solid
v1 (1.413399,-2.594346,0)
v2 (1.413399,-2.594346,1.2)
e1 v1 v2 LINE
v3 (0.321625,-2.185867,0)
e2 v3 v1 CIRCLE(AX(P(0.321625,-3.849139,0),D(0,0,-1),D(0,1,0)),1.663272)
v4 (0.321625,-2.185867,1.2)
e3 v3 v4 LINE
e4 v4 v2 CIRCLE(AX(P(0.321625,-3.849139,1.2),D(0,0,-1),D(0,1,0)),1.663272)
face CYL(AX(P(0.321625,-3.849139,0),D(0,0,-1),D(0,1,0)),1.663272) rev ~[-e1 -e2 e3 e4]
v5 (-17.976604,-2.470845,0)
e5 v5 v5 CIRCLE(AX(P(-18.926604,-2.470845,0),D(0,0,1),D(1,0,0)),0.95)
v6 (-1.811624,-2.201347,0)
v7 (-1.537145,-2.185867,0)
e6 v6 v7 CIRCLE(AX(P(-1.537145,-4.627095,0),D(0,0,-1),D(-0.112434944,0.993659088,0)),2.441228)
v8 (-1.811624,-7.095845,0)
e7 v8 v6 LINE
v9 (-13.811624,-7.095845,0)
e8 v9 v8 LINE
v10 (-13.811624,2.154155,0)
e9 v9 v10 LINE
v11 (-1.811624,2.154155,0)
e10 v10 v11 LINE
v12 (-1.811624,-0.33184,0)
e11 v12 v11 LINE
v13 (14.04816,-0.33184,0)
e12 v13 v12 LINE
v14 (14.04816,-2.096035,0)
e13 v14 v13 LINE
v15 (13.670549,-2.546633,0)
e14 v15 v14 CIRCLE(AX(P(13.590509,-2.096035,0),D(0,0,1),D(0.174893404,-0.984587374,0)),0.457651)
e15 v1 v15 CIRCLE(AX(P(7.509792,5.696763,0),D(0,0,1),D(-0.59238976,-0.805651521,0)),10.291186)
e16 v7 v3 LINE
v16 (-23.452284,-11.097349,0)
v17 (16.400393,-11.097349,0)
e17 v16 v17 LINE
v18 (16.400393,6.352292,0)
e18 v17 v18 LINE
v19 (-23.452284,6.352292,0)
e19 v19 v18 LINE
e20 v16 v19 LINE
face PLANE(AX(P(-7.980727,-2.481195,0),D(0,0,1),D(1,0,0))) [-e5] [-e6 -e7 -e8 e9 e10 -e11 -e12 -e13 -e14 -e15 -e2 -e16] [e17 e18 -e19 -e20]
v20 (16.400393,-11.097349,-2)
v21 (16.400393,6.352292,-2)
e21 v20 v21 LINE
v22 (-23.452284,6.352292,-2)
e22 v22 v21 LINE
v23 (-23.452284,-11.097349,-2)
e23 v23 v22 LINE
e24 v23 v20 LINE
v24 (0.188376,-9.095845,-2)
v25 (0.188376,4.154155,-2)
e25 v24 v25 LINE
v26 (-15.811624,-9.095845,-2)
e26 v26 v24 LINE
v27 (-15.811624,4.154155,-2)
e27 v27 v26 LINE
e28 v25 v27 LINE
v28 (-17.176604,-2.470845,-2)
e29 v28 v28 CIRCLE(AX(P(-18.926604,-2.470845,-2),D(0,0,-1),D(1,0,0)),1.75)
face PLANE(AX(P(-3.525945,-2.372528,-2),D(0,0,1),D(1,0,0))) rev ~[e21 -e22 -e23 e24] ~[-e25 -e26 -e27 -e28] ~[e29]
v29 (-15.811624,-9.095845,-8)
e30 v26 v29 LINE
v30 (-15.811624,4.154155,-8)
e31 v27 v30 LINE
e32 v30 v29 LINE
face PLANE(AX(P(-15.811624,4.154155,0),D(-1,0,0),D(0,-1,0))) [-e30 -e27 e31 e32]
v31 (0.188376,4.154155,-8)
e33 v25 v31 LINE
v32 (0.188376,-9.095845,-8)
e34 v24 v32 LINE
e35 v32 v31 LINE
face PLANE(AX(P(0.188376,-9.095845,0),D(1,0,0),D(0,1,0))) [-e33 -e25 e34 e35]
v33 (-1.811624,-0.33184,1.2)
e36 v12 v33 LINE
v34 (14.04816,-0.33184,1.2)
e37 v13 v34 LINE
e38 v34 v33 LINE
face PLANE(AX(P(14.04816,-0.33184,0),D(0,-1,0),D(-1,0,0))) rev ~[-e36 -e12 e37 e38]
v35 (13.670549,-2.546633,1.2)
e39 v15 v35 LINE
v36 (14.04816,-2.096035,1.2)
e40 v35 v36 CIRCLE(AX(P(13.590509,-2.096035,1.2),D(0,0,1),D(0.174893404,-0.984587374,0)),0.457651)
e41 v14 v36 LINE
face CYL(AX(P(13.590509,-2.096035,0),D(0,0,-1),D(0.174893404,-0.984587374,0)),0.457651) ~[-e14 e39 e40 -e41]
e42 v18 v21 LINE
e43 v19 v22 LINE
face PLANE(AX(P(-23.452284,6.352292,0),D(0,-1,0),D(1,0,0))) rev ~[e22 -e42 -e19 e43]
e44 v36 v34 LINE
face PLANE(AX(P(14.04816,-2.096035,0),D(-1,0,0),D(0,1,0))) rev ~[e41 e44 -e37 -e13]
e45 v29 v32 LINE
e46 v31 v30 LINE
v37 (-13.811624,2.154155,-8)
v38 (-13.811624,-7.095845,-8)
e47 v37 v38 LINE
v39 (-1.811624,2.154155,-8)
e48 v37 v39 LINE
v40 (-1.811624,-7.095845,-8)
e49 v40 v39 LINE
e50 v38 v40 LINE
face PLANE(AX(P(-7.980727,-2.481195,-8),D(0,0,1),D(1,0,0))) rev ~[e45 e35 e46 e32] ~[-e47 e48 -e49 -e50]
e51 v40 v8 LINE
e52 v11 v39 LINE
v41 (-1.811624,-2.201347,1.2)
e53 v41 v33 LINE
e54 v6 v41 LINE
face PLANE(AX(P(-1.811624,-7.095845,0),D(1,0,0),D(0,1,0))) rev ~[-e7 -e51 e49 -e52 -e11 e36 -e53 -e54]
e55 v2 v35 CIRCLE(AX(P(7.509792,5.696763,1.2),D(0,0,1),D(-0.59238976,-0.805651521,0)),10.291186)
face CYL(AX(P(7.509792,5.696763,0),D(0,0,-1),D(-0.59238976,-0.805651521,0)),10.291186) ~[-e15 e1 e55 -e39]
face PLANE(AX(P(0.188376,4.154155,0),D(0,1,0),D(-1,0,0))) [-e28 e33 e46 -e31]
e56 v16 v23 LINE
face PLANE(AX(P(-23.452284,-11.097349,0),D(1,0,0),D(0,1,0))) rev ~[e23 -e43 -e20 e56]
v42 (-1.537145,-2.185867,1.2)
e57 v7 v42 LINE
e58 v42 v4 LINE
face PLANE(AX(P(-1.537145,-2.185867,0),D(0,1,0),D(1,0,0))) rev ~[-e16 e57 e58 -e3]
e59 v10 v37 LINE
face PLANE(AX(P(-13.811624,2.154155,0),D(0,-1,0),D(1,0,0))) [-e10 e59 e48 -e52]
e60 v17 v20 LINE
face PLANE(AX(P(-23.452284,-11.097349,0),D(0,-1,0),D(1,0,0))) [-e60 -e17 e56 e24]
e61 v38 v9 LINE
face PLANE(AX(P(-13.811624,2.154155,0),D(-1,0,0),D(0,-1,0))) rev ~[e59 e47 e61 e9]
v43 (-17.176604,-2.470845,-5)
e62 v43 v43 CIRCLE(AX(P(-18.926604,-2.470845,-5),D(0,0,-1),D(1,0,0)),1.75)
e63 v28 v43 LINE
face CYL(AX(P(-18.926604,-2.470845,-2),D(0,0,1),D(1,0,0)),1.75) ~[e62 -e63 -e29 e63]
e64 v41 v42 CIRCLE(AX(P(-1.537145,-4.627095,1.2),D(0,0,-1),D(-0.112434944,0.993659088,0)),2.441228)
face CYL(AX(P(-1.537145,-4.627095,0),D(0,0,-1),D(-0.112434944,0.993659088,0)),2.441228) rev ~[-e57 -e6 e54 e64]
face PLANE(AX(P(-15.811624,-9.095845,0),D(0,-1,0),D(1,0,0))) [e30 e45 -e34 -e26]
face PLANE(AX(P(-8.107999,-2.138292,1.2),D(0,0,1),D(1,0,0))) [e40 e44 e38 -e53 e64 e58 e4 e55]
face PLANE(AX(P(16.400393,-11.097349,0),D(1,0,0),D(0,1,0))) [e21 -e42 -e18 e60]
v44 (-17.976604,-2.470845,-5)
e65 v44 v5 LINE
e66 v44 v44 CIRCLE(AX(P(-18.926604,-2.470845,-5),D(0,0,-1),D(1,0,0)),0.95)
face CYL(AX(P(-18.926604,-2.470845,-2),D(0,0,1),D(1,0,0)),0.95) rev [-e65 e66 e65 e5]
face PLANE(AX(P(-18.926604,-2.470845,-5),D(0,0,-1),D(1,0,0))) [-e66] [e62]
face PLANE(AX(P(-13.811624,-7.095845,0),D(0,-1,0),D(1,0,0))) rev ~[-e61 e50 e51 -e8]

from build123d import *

# Parameters (mm, degrees)
F1_W     = 39.8526769131
F1_H     = 17.4496416003
F1_W_2   = 12
F1_H_2   = 2.154154708
F1_H_3   = 0.3318400184
F1_W_3   = 0.2365358905
F1_H_4   = 3.9093678362
F1_W_4   = 2
F2_DEPTH = 2
F3_DEPTH = 8
F4_DEPTH = 1.2
F5_DEPTH = 12.5
F6_R     = 0.95
F7_DEPTH = 8.001
F8_R     = 1.75
F8_R_2   = 0.95
F9_DEPTH = 3


with BuildPart() as f2:
    # F1 (on Top) → F2 (new body)
    with BuildSketch(Plane.XY):
        with Locations((-3.525945358, -2.3725284263)):
            Rectangle(F1_W, F1_H)
        with BuildLine():
            Line((0.3216254651, -2.5177070959), (0.1883759089, -2.5177070959))
            Line((0.1883759089, -2.5177070959), (0.1883759089, -9.095845292))
            Line((0.1883759089, -9.095845292), (-15.8116240911, -9.095845292))
            Line((-15.8116240911, -9.095845292), (-15.8116240911, 4.154154708))
            Line((-15.8116240911, 4.154154708), (0.1883759089, 4.154154708))
            Line((0.1883759089, 4.154154708), (0.1883759089, 0))
            Line((0.1883759089, 0), (14.38, 0))
            Line((14.38, 0), (14.38, -2.0960352984))
            ThreePointArc((14.38, -2.0960352984), (14.222994373, -2.5685374355), (13.8144247375, -2.8531070921))
            ThreePointArc((13.8144247375, -2.8531070921), (7.5097918652, -4.9262625681), (1.2051589929, -2.8531070921))
            ThreePointArc((1.2051589929, -2.8531070921), (0.7941518274, -2.6043780637), (0.3216254651, -2.5177070959))
        make_face(mode=Mode.SUBTRACT)
        with BuildLine():
            Line((-1.8116240911, -2.5356413379), (-1.8116240911, -7.095845292))
            Line((-1.8116240911, -7.095845292), (-13.8116240911, -7.095845292))
            Line((-13.8116240911, -7.095845292), (-13.8116240911, -4.573047873))
            Line((-13.8116240911, -4.573047873), (-14.38, -4.573047873))
            Line((-14.38, -4.573047873), (-14.38, 0))
            Line((-14.38, 0), (-13.8116240911, 0))
            Line((-13.8116240911, 0), (-13.8116240911, 2.154154708))
            Line((-13.8116240911, 2.154154708), (-1.8116240911, 2.154154708))
            Line((-1.8116240911, 2.154154708), (-1.8116240911, 0))
            Line((-1.8116240911, 0), (0.1883759089, 0))
            Line((0.1883759089, 0), (0.1883759089, 4.154154708))
            Line((0.1883759089, 4.154154708), (-15.8116240911, 4.154154708))
            Line((-15.8116240911, 4.154154708), (-15.8116240911, -9.095845292))
            Line((-15.8116240911, -9.095845292), (0.1883759089, -9.095845292))
            Line((0.1883759089, -9.095845292), (0.1883759089, -2.5177070959))
            Line((0.1883759089, -2.5177070959), (-1.5371447255, -2.5177070959))
            ThreePointArc((-1.5371447255, -2.5177070959), (-1.6746770482, -2.5221954315), (-1.8116240911, -2.5356413379))
        make_face()
        with BuildLine():
            Line((14.0481599816, -0.3318400184), (0.1883759089, -0.3318400184))
            Line((0.1883759089, -0.3318400184), (0.1883759089, -2.1858670775))
            Line((0.1883759089, -2.1858670775), (0.3216254651, -2.1858670775))
            ThreePointArc((0.3216254651, -2.1858670775), (0.9044684669, -2.2913304213), (1.4133986427, -2.5943461929))
            ThreePointArc((1.4133986427, -2.5943461929), (7.5498522098, -4.5943445782), (13.6705491966, -2.5466326064))
            ThreePointArc((13.6705491966, -2.5466326064), (13.9412759396, -2.389985906), (14.0481599816, -2.0960352984))
            Line((14.0481599816, -2.0960352984), (14.0481599816, -0.3318400184))
        make_face()
        with BuildLine():
            ThreePointArc((-2.9008357147, -2.6022639059), (-2.3804028006, -2.3361323861), (-1.8116240911, -2.201346691))
            Line((-1.8116240911, -2.201346691), (-1.8116240911, -0.3318400184))
            Line((-1.8116240911, -0.3318400184), (-13.8116240911, -0.3318400184))
            Line((-13.8116240911, -0.3318400184), (-13.8116240911, -4.2412078546))
            Line((-13.8116240911, -4.2412078546), (-4.8014899445, -4.2412078546))
            ThreePointArc((-4.8014899445, -4.2412078546), (-4.372916478, -4.1227433058), (-4.0660275776, -3.8009852162))
            Line((-4.0660275776, -3.8009852162), (-2.9008357147, -2.6022639059))
        make_face()
        with BuildLine():
            Line((-13.8116240911, -7.095845292), (-1.8116240911, -7.095845292))
            Line((-1.8116240911, -7.095845292), (-1.8116240911, -2.5356413379))
            ThreePointArc((-1.8116240911, -2.5356413379), (-2.267834406, -2.6483049616), (-2.687782017, -2.8591720937))
            Line((-2.687782017, -2.8591720937), (-4.1783316179, -4.3926136046))
            ThreePointArc((-4.1783316179, -4.3926136046), (-4.4771125311, -4.5270315227), (-4.8014899445, -4.573047873))
            Line((-4.8014899445, -4.573047873), (-13.8116240911, -4.573047873))
            Line((-13.8116240911, -4.573047873), (-13.8116240911, -7.095845292))
        make_face()
        with Locations((-7.8116240911, 1.077077354)):
            Rectangle(F1_W_2, F1_H_2)
        with BuildLine():
            Line((0.1883759089, -2.1858670775), (0.1883759089, -2.5177070959))
            Line((0.1883759089, -2.5177070959), (0.3216254651, -2.5177070959))
            ThreePointArc((0.3216254651, -2.5177070959), (0.7941518274, -2.6043780637), (1.2051589929, -2.8531070921))
            ThreePointArc((1.2051589929, -2.8531070921), (7.5097918652, -4.9262625681), (13.8144247375, -2.8531070921))
            ThreePointArc((13.8144247375, -2.8531070921), (14.222994373, -2.5685374355), (14.38, -2.0960352984))
            Line((14.38, -2.0960352984), (14.38, 0))
            Line((14.38, 0), (0.1883759089, 0))
            Line((0.1883759089, 0), (0.1883759089, -0.3318400184))
            Line((0.1883759089, -0.3318400184), (14.0481599816, -0.3318400184))
            Line((14.0481599816, -0.3318400184), (14.0481599816, -2.0960352984))
            ThreePointArc((14.0481599816, -2.0960352984), (13.9412759396, -2.389985906), (13.6705491966, -2.5466326064))
            ThreePointArc((13.6705491966, -2.5466326064), (7.5498522098, -4.5943445782), (1.4133986427, -2.5943461929))
            ThreePointArc((1.4133986427, -2.5943461929), (0.9044684669, -2.2913304213), (0.3216254651, -2.1858670775))
            Line((0.3216254651, -2.1858670775), (0.1883759089, -2.1858670775))
        make_face()
        with BuildLine():
            ThreePointArc((-2.687782017, -2.8591720937), (-2.267834406, -2.6483049616), (-1.8116240911, -2.5356413379))
            Line((-1.8116240911, -2.5356413379), (-1.8116240911, -2.201346691))
            ThreePointArc((-1.8116240911, -2.201346691), (-2.3804028006, -2.3361323861), (-2.9008357147, -2.6022639059))
            Line((-2.9008357147, -2.6022639059), (-4.0660275776, -3.8009852162))
            ThreePointArc((-4.0660275776, -3.8009852162), (-4.372916478, -4.1227433058), (-4.8014899445, -4.2412078546))
            Line((-4.8014899445, -4.2412078546), (-13.8116240911, -4.2412078546))
            Line((-13.8116240911, -4.2412078546), (-13.8116240911, -4.573047873))
            Line((-13.8116240911, -4.573047873), (-4.8014899445, -4.573047873))
            ThreePointArc((-4.8014899445, -4.573047873), (-4.4771125311, -4.5270315227), (-4.1783316179, -4.3926136046))
            Line((-4.1783316179, -4.3926136046), (-2.687782017, -2.8591720937))
        make_face()
        with Locations((-7.8116240911, -0.1659200092)):
            Rectangle(F1_W_2, F1_H_3)
        with BuildLine():
            Line((-1.8116240911, -0.3318400184), (-1.8116240911, -2.201346691))
            ThreePointArc((-1.8116240911, -2.201346691), (-1.6746024832, -2.1897400531), (-1.5371447255, -2.1858670775))
            Line((-1.5371447255, -2.1858670775), (0.1883759089, -2.1858670775))
            Line((0.1883759089, -2.1858670775), (0.1883759089, -0.3318400184))
            Line((0.1883759089, -0.3318400184), (-1.8116240911, -0.3318400184))
        make_face()
        Polygon((-14.38, -4.573047873), (-13.8116240911, -4.573047873), (-13.8116240911, -4.2412078546), (-14.0481599816, -4.2412078546), (-14.0481599816, -0.3318400184), (-13.8116240911, -0.3318400184), (-13.8116240911, 0), (-14.38, 0), align=None)
        with Locations((-13.9298920363, -2.2865239365)):
            Rectangle(F1_W_3, F1_H_4)
        with BuildLine():
            Line((-1.8116240911, -2.201346691), (-1.8116240911, -2.5356413379))
            ThreePointArc((-1.8116240911, -2.5356413379), (-1.6746770482, -2.5221954315), (-1.5371447255, -2.5177070959))
            Line((-1.5371447255, -2.5177070959), (0.1883759089, -2.5177070959))
            Line((0.1883759089, -2.5177070959), (0.1883759089, -2.1858670775))
            Line((0.1883759089, -2.1858670775), (-1.5371447255, -2.1858670775))
            ThreePointArc((-1.5371447255, -2.1858670775), (-1.6746024832, -2.1897400531), (-1.8116240911, -2.201346691))
        make_face()
        with Locations((-0.8116240911, -0.1659200092)):
            Rectangle(F1_W_4, F1_H_3)
    extrude(amount=-F2_DEPTH)

    # F1 (on Top) → F3 (join)
    with BuildSketch(Plane.XY):
        with BuildLine():
            Line((-1.8116240911, -2.5356413379), (-1.8116240911, -7.095845292))
            Line((-1.8116240911, -7.095845292), (-13.8116240911, -7.095845292))
            Line((-13.8116240911, -7.095845292), (-13.8116240911, -4.573047873))
            Line((-13.8116240911, -4.573047873), (-14.38, -4.573047873))
            Line((-14.38, -4.573047873), (-14.38, 0))
            Line((-14.38, 0), (-13.8116240911, 0))
            Line((-13.8116240911, 0), (-13.8116240911, 2.154154708))
            Line((-13.8116240911, 2.154154708), (-1.8116240911, 2.154154708))
            Line((-1.8116240911, 2.154154708), (-1.8116240911, 0))
            Line((-1.8116240911, 0), (0.1883759089, 0))
            Line((0.1883759089, 0), (0.1883759089, 4.154154708))
            Line((0.1883759089, 4.154154708), (-15.8116240911, 4.154154708))
            Line((-15.8116240911, 4.154154708), (-15.8116240911, -9.095845292))
            Line((-15.8116240911, -9.095845292), (0.1883759089, -9.095845292))
            Line((0.1883759089, -9.095845292), (0.1883759089, -2.5177070959))
            Line((0.1883759089, -2.5177070959), (-1.5371447255, -2.5177070959))
            ThreePointArc((-1.5371447255, -2.5177070959), (-1.6746770482, -2.5221954315), (-1.8116240911, -2.5356413379))
        make_face()
        with BuildLine():
            ThreePointArc((-2.9008357147, -2.6022639059), (-2.3804028006, -2.3361323861), (-1.8116240911, -2.201346691))
            Line((-1.8116240911, -2.201346691), (-1.8116240911, -0.3318400184))
            Line((-1.8116240911, -0.3318400184), (-13.8116240911, -0.3318400184))
            Line((-13.8116240911, -0.3318400184), (-13.8116240911, -4.2412078546))
            Line((-13.8116240911, -4.2412078546), (-4.8014899445, -4.2412078546))
            ThreePointArc((-4.8014899445, -4.2412078546), (-4.372916478, -4.1227433058), (-4.0660275776, -3.8009852162))
            Line((-4.0660275776, -3.8009852162), (-2.9008357147, -2.6022639059))
        make_face()
        with BuildLine():
            Line((-1.8116240911, -0.3318400184), (-1.8116240911, -2.201346691))
            ThreePointArc((-1.8116240911, -2.201346691), (-1.6746024832, -2.1897400531), (-1.5371447255, -2.1858670775))
            Line((-1.5371447255, -2.1858670775), (0.1883759089, -2.1858670775))
            Line((0.1883759089, -2.1858670775), (0.1883759089, -0.3318400184))
            Line((0.1883759089, -0.3318400184), (-1.8116240911, -0.3318400184))
        make_face()
        with Locations((-0.8116240911, -0.1659200092)):
            Rectangle(F1_W_4, F1_H_3)
        with Locations((-7.8116240911, -0.1659200092)):
            Rectangle(F1_W_2, F1_H_3)
        with Locations((-7.8116240911, 1.077077354)):
            Rectangle(F1_W_2, F1_H_2)
        with BuildLine():
            ThreePointArc((-2.687782017, -2.8591720937), (-2.267834406, -2.6483049616), (-1.8116240911, -2.5356413379))
            Line((-1.8116240911, -2.5356413379), (-1.8116240911, -2.201346691))
            ThreePointArc((-1.8116240911, -2.201346691), (-2.3804028006, -2.3361323861), (-2.9008357147, -2.6022639059))
            Line((-2.9008357147, -2.6022639059), (-4.0660275776, -3.8009852162))
            ThreePointArc((-4.0660275776, -3.8009852162), (-4.372916478, -4.1227433058), (-4.8014899445, -4.2412078546))
            Line((-4.8014899445, -4.2412078546), (-13.8116240911, -4.2412078546))
            Line((-13.8116240911, -4.2412078546), (-13.8116240911, -4.573047873))
            Line((-13.8116240911, -4.573047873), (-4.8014899445, -4.573047873))
            ThreePointArc((-4.8014899445, -4.573047873), (-4.4771125311, -4.5270315227), (-4.1783316179, -4.3926136046))
            Line((-4.1783316179, -4.3926136046), (-2.687782017, -2.8591720937))
        make_face()
        with BuildLine():
            Line((-13.8116240911, -7.095845292), (-1.8116240911, -7.095845292))
            Line((-1.8116240911, -7.095845292), (-1.8116240911, -2.5356413379))
            ThreePointArc((-1.8116240911, -2.5356413379), (-2.267834406, -2.6483049616), (-2.687782017, -2.8591720937))
            Line((-2.687782017, -2.8591720937), (-4.1783316179, -4.3926136046))
            ThreePointArc((-4.1783316179, -4.3926136046), (-4.4771125311, -4.5270315227), (-4.8014899445, -4.573047873))
            Line((-4.8014899445, -4.573047873), (-13.8116240911, -4.573047873))
            Line((-13.8116240911, -4.573047873), (-13.8116240911, -7.095845292))
        make_face()
        with BuildLine():
            Line((-1.8116240911, -2.201346691), (-1.8116240911, -2.5356413379))
            ThreePointArc((-1.8116240911, -2.5356413379), (-1.6746770482, -2.5221954315), (-1.5371447255, -2.5177070959))
            Line((-1.5371447255, -2.5177070959), (0.1883759089, -2.5177070959))
            Line((0.1883759089, -2.5177070959), (0.1883759089, -2.1858670775))
            Line((0.1883759089, -2.1858670775), (-1.5371447255, -2.1858670775))
            ThreePointArc((-1.5371447255, -2.1858670775), (-1.6746024832, -2.1897400531), (-1.8116240911, -2.201346691))
        make_face()
        Polygon((-14.38, -4.573047873), (-13.8116240911, -4.573047873), (-13.8116240911, -4.2412078546), (-14.0481599816, -4.2412078546), (-14.0481599816, -0.3318400184), (-13.8116240911, -0.3318400184), (-13.8116240911, 0), (-14.38, 0), align=None)
        with Locations((-13.9298920363, -2.2865239365)):
            Rectangle(F1_W_3, F1_H_4)
    extrude(amount=-F3_DEPTH)

    # F1 (on Top) → F4 (join)
    with BuildSketch(Plane.XY):
        with BuildLine():
            ThreePointArc((-2.9008357147, -2.6022639059), (-2.3804028006, -2.3361323861), (-1.8116240911, -2.201346691))
            Line((-1.8116240911, -2.201346691), (-1.8116240911, -0.3318400184))
            Line((-1.8116240911, -0.3318400184), (-13.8116240911, -0.3318400184))
            Line((-13.8116240911, -0.3318400184), (-13.8116240911, -4.2412078546))
            Line((-13.8116240911, -4.2412078546), (-4.8014899445, -4.2412078546))
            ThreePointArc((-4.8014899445, -4.2412078546), (-4.372916478, -4.1227433058), (-4.0660275776, -3.8009852162))
            Line((-4.0660275776, -3.8009852162), (-2.9008357147, -2.6022639059))
        make_face()
        with BuildLine():
            Line((-1.8116240911, -0.3318400184), (-1.8116240911, -2.201346691))
            ThreePointArc((-1.8116240911, -2.201346691), (-1.6746024832, -2.1897400531), (-1.5371447255, -2.1858670775))
            Line((-1.5371447255, -2.1858670775), (0.1883759089, -2.1858670775))
            Line((0.1883759089, -2.1858670775), (0.1883759089, -0.3318400184))
            Line((0.1883759089, -0.3318400184), (-1.8116240911, -0.3318400184))
        make_face()
        with BuildLine():
            Line((14.0481599816, -0.3318400184), (0.1883759089, -0.3318400184))
            Line((0.1883759089, -0.3318400184), (0.1883759089, -2.1858670775))
            Line((0.1883759089, -2.1858670775), (0.3216254651, -2.1858670775))
            ThreePointArc((0.3216254651, -2.1858670775), (0.9044684669, -2.2913304213), (1.4133986427, -2.5943461929))
            ThreePointArc((1.4133986427, -2.5943461929), (7.5498522098, -4.5943445782), (13.6705491966, -2.5466326064))
            ThreePointArc((13.6705491966, -2.5466326064), (13.9412759396, -2.389985906), (14.0481599816, -2.0960352984))
            Line((14.0481599816, -2.0960352984), (14.0481599816, -0.3318400184))
        make_face()
    extrude(amount=F4_DEPTH)

    # F1 (on Top) → F5 (cut, symmetric)
    with BuildSketch(Plane.XY):
        with Locations((-7.8116240911, 1.077077354)):
            Rectangle(F1_W_2, F1_H_2)
        with Locations((-7.8116240911, -0.1659200092)):
            Rectangle(F1_W_2, F1_H_3)
        with BuildLine():
            ThreePointArc((-2.9008357147, -2.6022639059), (-2.3804028006, -2.3361323861), (-1.8116240911, -2.201346691))
            Line((-1.8116240911, -2.201346691), (-1.8116240911, -0.3318400184))
            Line((-1.8116240911, -0.3318400184), (-13.8116240911, -0.3318400184))
            Line((-13.8116240911, -0.3318400184), (-13.8116240911, -4.2412078546))
            Line((-13.8116240911, -4.2412078546), (-4.8014899445, -4.2412078546))
            ThreePointArc((-4.8014899445, -4.2412078546), (-4.372916478, -4.1227433058), (-4.0660275776, -3.8009852162))
            Line((-4.0660275776, -3.8009852162), (-2.9008357147, -2.6022639059))
        make_face()
        with BuildLine():
            Line((-13.8116240911, -7.095845292), (-1.8116240911, -7.095845292))
            Line((-1.8116240911, -7.095845292), (-1.8116240911, -2.5356413379))
            ThreePointArc((-1.8116240911, -2.5356413379), (-2.267834406, -2.6483049616), (-2.687782017, -2.8591720937))
            Line((-2.687782017, -2.8591720937), (-4.1783316179, -4.3926136046))
            ThreePointArc((-4.1783316179, -4.3926136046), (-4.4771125311, -4.5270315227), (-4.8014899445, -4.573047873))
            Line((-4.8014899445, -4.573047873), (-13.8116240911, -4.573047873))
            Line((-13.8116240911, -4.573047873), (-13.8116240911, -7.095845292))
        make_face()
        with BuildLine():
            ThreePointArc((-2.687782017, -2.8591720937), (-2.267834406, -2.6483049616), (-1.8116240911, -2.5356413379))
            Line((-1.8116240911, -2.5356413379), (-1.8116240911, -2.201346691))
            ThreePointArc((-1.8116240911, -2.201346691), (-2.3804028006, -2.3361323861), (-2.9008357147, -2.6022639059))
            Line((-2.9008357147, -2.6022639059), (-4.0660275776, -3.8009852162))
            ThreePointArc((-4.0660275776, -3.8009852162), (-4.372916478, -4.1227433058), (-4.8014899445, -4.2412078546))
            Line((-4.8014899445, -4.2412078546), (-13.8116240911, -4.2412078546))
            Line((-13.8116240911, -4.2412078546), (-13.8116240911, -4.573047873))
            Line((-13.8116240911, -4.573047873), (-4.8014899445, -4.573047873))
            ThreePointArc((-4.8014899445, -4.573047873), (-4.4771125311, -4.5270315227), (-4.1783316179, -4.3926136046))
            Line((-4.1783316179, -4.3926136046), (-2.687782017, -2.8591720937))
        make_face()
    extrude(amount=F5_DEPTH, both=True, mode=Mode.SUBTRACT)

    # F6 (on face) → F7 (cut, through all)
    with BuildSketch(Plane.XY):
        with Locations((-18.9266037196, -2.470845292)):
            Circle(F6_R)
    extrude(amount=-F7_DEPTH, mode=Mode.SUBTRACT)

    # F8 (on face) → F9 (join)
    with BuildSketch(Plane(origin=(0, 0, -2), x_dir=(1, 0, 0), z_dir=(0, 0, -1))):
        with Locations((-18.9266037196, 2.470845292)):
            Circle(F8_R)
        with Locations((-18.9266037196, 2.470845292)):
            Circle(F8_R_2, mode=Mode.SUBTRACT)
    extrude(amount=F9_DEPTH)


solid = f2.part
